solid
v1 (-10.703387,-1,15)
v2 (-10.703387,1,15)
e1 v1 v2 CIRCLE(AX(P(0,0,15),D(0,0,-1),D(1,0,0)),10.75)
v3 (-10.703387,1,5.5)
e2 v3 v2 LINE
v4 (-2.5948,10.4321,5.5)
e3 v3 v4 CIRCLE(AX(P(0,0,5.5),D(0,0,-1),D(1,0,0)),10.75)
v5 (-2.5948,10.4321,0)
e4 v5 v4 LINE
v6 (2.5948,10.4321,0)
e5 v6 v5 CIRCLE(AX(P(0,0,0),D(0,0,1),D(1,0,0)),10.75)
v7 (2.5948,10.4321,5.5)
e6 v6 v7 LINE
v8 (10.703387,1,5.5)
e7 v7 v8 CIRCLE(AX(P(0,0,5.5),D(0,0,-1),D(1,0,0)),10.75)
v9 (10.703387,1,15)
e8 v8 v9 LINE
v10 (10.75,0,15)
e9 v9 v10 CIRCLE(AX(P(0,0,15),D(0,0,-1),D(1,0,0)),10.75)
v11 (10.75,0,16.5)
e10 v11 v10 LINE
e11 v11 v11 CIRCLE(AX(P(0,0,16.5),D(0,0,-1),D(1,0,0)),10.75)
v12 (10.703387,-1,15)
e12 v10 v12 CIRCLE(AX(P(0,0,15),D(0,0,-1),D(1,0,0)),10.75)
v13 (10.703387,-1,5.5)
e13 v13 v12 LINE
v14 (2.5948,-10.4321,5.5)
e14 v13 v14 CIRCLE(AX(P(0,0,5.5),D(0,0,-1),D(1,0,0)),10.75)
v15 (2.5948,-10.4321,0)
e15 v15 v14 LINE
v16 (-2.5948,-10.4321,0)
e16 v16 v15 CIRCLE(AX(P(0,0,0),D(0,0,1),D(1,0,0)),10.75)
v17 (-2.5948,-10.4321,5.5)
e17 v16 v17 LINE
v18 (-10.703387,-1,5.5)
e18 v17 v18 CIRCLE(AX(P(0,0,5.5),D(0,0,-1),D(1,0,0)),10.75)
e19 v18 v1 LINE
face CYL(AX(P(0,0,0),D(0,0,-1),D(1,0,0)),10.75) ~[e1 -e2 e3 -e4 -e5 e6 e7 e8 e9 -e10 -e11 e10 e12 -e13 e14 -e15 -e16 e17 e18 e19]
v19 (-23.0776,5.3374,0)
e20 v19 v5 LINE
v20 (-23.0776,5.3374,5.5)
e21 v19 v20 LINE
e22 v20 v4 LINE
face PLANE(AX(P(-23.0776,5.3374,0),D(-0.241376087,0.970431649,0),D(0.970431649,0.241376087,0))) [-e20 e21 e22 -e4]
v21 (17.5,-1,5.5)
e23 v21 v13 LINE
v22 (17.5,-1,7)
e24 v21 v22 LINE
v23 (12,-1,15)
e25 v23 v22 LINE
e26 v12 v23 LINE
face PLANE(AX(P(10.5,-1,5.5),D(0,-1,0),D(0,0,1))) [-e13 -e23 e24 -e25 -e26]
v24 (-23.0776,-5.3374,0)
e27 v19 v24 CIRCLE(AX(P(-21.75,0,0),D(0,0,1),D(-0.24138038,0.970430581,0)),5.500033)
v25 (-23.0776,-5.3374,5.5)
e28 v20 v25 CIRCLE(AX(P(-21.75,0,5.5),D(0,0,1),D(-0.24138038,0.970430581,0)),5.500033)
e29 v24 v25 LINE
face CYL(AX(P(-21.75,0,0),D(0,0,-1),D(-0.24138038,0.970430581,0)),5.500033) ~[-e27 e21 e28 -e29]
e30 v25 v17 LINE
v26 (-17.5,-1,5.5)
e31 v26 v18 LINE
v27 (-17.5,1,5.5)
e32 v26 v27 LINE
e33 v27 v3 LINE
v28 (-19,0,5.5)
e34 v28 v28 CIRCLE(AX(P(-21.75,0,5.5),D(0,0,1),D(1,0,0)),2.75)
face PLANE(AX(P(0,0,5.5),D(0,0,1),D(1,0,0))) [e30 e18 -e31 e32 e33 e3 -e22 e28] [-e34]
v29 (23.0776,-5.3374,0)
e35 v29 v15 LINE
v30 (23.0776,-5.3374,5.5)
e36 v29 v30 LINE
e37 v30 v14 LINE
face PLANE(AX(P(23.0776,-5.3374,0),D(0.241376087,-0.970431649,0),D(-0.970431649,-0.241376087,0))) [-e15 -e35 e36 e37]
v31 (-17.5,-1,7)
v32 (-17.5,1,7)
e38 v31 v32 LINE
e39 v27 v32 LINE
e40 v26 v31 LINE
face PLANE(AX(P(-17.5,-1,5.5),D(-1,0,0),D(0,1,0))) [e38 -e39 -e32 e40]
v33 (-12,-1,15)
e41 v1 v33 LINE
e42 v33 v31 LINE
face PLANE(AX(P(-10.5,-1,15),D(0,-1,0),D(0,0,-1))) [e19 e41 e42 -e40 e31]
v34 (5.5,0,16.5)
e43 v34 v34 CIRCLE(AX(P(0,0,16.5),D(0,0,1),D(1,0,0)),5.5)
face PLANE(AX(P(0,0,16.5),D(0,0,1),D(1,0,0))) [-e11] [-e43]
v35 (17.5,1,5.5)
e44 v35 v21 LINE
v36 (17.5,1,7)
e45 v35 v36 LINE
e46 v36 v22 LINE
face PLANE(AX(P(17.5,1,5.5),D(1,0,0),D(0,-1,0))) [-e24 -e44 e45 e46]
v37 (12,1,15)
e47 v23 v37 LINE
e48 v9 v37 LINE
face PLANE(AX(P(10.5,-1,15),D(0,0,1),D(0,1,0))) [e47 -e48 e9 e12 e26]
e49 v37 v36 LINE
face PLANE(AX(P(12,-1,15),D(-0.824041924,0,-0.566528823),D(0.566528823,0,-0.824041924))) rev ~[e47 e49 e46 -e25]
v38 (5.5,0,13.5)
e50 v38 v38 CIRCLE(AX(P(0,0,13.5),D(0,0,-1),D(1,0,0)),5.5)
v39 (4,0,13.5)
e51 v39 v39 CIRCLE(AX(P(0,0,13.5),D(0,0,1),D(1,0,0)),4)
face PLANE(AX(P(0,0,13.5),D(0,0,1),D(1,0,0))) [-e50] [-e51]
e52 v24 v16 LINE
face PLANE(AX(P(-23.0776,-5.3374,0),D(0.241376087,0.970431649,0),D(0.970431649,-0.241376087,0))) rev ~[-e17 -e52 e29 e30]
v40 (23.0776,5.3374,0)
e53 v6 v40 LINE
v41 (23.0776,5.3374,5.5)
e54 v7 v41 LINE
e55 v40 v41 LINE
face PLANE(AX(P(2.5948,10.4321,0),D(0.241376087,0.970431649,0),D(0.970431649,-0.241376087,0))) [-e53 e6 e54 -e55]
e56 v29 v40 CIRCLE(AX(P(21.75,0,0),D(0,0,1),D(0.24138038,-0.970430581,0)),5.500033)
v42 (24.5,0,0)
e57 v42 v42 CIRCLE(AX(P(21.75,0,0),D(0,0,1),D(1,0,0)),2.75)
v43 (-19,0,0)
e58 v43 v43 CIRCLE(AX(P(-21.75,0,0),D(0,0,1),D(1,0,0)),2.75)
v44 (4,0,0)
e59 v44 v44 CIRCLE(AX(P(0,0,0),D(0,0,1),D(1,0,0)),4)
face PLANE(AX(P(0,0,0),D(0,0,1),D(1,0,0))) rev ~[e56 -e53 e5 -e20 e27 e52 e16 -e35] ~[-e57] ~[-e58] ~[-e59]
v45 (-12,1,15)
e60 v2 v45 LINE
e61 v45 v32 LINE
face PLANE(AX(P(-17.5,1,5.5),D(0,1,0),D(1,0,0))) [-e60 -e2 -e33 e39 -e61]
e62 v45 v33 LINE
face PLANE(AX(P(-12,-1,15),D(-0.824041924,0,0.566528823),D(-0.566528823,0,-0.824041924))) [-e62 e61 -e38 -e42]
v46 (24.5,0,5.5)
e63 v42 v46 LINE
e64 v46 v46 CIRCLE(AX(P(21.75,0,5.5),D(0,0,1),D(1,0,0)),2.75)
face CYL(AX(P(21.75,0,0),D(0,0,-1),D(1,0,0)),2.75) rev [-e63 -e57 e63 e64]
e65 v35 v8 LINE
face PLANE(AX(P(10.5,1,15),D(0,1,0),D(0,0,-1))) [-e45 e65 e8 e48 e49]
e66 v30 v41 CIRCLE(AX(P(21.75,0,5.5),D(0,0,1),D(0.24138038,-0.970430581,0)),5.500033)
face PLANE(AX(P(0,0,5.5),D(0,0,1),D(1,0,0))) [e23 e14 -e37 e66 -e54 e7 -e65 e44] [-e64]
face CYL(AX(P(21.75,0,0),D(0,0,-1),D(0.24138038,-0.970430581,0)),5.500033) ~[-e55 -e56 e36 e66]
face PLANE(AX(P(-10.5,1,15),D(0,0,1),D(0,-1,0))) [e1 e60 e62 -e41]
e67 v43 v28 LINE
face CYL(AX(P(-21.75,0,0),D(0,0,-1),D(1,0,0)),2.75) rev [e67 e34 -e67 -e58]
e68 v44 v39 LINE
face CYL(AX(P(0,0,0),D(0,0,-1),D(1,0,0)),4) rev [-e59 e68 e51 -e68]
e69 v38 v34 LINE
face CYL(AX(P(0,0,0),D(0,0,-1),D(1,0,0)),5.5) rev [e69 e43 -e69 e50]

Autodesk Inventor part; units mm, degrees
ref_plane "YZ Plane" through (0, 0, 0) normal (1, 0, 0) x (0, 1, 0)
ref_plane "XZ Plane" through (0, 0, 0) normal (0, 1, 0) x (-1, 0, 0)
ref_plane "XY Plane" through (0, 0, 0) normal (0, 0, 1) x (1, 0, 0)
sketch "Sketch1" plane through (0, 0, 0) normal (0, 0, 1) x (1, 0, 0)
  circle A0 centre (0, 0) radius 10.75
  circle A1 centre (0, 0) radius 5.5
  line L0 (0, 0) -> (21.75, 0) construction
  line L1 (0, 0) -> (-21.75, 0) construction
  circle A2 centre (0, 0) radius 4
  circle A3 centre (21.75, 0) radius 2.75
  circle A4 centre (-21.75, 0) radius 2.75
  arc A5 (-23.0776, 5.3374) -> (-23.0776, -5.3374) centre (-21.75, 0) ccw
  line L2 (-21.75, 0) -> (-21.75, -5.5) construction
  line L3 (-21.75, 0) -> (-21.75, 5.5) construction
  arc A6 (23.0776, -5.3374) -> (23.0776, 5.3374) centre (21.75, 0) ccw
  line L4 (21.75, 0) -> (21.75, -5.5) construction
  line L5 (21.75, 0) -> (21.75, 5.5) construction
  line L6 (-23.0776, 5.3374) -> (-2.5948, 10.4321)
  line L7 (2.5948, 10.4321) -> (23.0776, 5.3374)
  line L8 (23.0776, -5.3374) -> (2.5948, -10.4321)
  line L9 (-23.0776, -5.3374) -> (-2.5948, -10.4321)
  dimension "d0" = 21.5
  dimension "d1" = 11
  dimension "d2" = 21.75
  dimension "d3" = 21.75
  dimension "d4" = 8
  dimension "d5" = 5.5
  dimension "d6" = 5.5
  dimension "d7" = 5.5
  dimension "d8" = 180
  dimension "d9" = 5.5
  dimension "d10" = 180
extrude "Extrusion1" add sketch "Sketch1" along normal blind 5.5 contours A0 | A0 L7 A6 L8 | A0 L9 A5 L6 | A1
extrude "Extrusion2" add sketch "Sketch1" along normal blind 13.5 contours A0 | A1
extrude "Extrusion3" add sketch "Sketch1" along normal blind 16.5 contours A0
sketch "Sketch2" plane through (0, 0, 5.5) normal (0, 0, 1) x (1, 0, 0)
  line L0 (-17.5, 1) -> (-10.5, 1)
  line L1 (-10.5, 1) -> (-10.5, -1)
  line L2 (-10.5, -1) -> (-17.5, -1)
  line L3 (-17.5, -1) -> (-17.5, 1)
  line L4 (-17.5, 1) -> (-10.5, -1) construction
  line L5 (-10.5, 1) -> (-17.5, -1) construction
  line L6 (10.5, 1) -> (17.5, 1)
  line L7 (17.5, 1) -> (17.5, -1)
  line L8 (17.5, -1) -> (10.5, -1)
  line L9 (10.5, -1) -> (10.5, 1)
  line L10 (10.5, 1) -> (17.5, -1) construction
  line L11 (17.5, 1) -> (10.5, -1) construction
  circle A0 centre (0, 0) radius 10.75 projected
  point P0 (-14, 0)
  point P1 (14, 0)
  dimension "d20" = 7
  dimension "d21" = 7
  dimension "d22" = 2
  dimension "d23" = 0
  dimension "d24" = 2
  dimension "d25" = 10.5
  dimension "d26" = 10.5
extrude "Extrusion4" cut sketch "Sketch2" along normal blind 9.5 contours L0 A0 L2 L3 | L0 L1 L2 A0 | A0 L8 L9 L6 | L6 L7 L8 A0
sketch "Sketch3" plane through (10.5, -1, 5.5) normal (1, 0, 0) x (0, 0, -1)
  line L0 (-9.5, 2) -> (0, 2) projected
  line L1 (0, 0) -> (-9.5, 0) projected
  line L2 (-9.5, 2) -> (0, 2)
  line L3 (0, 2) -> (0, 0)
  line L4 (0, 0) -> (-9.5, 0)
  line L5 (-9.5, 0) -> (-9.5, 2)
  point P0 (5.5, 1)
  dimension "d29" = 9.5
  dimension "d30" = 2
sketch "Sketch4" plane through (-10.5, -1, 5.5) normal (-1, 0, 0) x (0, 0, 1)
  line L0 (9.5, 0) -> (0, 0)
  line L1 (0, 0) -> (0, 2)
  line L2 (0, 2) -> (9.5, 2)
  line L3 (9.5, 2) -> (9.5, 0)
  point P0 (-5.5, 1)
extrude "Extrusion5" add sketch "Sketch2" along normal blind 1.5 contours L0 A0 L2 L3 | L0 L1 L2 A0 | A0 L8 L9 L6 | L6 L7 L8 A0
extrude "Extrusion6" add sketch "Sketch4" along normal blind 1.5
extrude "Extrusion7" add sketch "Sketch3" along normal blind 1.5
sketch "Sketch5" plane through (10.7034, -1, 5.5) normal (0, -1, 0) x (1, 0, 0)
  line L0 (1.2966, 1.5) -> (1.2966, 9.5) projected
  line L1 (6.7966, 1.5) -> (1.2966, 1.5) projected
  line L2 (1.2966, 9.5) -> (6.7966, 1.5)
  line L3 (6.7966, 1.5) -> (1.2966, 1.5)
  line L4 (1.2966, 1.5) -> (1.2966, 9.5)
  line L5 (-22.7034, 9.5) -> (-22.7034, 1.5) projected
  line L6 (-28.2034, 0) -> (-28.2034, 1.5) projected
  line L7 (-22.7034, 9.5) -> (-28.2034, 1.5)
  line L8 (-22.7034, 1.5) -> (-28.2034, 1.5) projected
  line L9 (-28.2034, 1.5) -> (-22.7034, 1.5)
  line L10 (-22.7034, 1.5) -> (-22.7034, 9.5)
  point P0 (-10.7034, -5.5)
extrude "Extrusion8" add sketch "Sketch5" against normal blind 2
equation "\"d3\" = d2"
equation "\"d6\" = d5"
equation "\"d7\" = d5"
equation "\"d9\" = d5"
